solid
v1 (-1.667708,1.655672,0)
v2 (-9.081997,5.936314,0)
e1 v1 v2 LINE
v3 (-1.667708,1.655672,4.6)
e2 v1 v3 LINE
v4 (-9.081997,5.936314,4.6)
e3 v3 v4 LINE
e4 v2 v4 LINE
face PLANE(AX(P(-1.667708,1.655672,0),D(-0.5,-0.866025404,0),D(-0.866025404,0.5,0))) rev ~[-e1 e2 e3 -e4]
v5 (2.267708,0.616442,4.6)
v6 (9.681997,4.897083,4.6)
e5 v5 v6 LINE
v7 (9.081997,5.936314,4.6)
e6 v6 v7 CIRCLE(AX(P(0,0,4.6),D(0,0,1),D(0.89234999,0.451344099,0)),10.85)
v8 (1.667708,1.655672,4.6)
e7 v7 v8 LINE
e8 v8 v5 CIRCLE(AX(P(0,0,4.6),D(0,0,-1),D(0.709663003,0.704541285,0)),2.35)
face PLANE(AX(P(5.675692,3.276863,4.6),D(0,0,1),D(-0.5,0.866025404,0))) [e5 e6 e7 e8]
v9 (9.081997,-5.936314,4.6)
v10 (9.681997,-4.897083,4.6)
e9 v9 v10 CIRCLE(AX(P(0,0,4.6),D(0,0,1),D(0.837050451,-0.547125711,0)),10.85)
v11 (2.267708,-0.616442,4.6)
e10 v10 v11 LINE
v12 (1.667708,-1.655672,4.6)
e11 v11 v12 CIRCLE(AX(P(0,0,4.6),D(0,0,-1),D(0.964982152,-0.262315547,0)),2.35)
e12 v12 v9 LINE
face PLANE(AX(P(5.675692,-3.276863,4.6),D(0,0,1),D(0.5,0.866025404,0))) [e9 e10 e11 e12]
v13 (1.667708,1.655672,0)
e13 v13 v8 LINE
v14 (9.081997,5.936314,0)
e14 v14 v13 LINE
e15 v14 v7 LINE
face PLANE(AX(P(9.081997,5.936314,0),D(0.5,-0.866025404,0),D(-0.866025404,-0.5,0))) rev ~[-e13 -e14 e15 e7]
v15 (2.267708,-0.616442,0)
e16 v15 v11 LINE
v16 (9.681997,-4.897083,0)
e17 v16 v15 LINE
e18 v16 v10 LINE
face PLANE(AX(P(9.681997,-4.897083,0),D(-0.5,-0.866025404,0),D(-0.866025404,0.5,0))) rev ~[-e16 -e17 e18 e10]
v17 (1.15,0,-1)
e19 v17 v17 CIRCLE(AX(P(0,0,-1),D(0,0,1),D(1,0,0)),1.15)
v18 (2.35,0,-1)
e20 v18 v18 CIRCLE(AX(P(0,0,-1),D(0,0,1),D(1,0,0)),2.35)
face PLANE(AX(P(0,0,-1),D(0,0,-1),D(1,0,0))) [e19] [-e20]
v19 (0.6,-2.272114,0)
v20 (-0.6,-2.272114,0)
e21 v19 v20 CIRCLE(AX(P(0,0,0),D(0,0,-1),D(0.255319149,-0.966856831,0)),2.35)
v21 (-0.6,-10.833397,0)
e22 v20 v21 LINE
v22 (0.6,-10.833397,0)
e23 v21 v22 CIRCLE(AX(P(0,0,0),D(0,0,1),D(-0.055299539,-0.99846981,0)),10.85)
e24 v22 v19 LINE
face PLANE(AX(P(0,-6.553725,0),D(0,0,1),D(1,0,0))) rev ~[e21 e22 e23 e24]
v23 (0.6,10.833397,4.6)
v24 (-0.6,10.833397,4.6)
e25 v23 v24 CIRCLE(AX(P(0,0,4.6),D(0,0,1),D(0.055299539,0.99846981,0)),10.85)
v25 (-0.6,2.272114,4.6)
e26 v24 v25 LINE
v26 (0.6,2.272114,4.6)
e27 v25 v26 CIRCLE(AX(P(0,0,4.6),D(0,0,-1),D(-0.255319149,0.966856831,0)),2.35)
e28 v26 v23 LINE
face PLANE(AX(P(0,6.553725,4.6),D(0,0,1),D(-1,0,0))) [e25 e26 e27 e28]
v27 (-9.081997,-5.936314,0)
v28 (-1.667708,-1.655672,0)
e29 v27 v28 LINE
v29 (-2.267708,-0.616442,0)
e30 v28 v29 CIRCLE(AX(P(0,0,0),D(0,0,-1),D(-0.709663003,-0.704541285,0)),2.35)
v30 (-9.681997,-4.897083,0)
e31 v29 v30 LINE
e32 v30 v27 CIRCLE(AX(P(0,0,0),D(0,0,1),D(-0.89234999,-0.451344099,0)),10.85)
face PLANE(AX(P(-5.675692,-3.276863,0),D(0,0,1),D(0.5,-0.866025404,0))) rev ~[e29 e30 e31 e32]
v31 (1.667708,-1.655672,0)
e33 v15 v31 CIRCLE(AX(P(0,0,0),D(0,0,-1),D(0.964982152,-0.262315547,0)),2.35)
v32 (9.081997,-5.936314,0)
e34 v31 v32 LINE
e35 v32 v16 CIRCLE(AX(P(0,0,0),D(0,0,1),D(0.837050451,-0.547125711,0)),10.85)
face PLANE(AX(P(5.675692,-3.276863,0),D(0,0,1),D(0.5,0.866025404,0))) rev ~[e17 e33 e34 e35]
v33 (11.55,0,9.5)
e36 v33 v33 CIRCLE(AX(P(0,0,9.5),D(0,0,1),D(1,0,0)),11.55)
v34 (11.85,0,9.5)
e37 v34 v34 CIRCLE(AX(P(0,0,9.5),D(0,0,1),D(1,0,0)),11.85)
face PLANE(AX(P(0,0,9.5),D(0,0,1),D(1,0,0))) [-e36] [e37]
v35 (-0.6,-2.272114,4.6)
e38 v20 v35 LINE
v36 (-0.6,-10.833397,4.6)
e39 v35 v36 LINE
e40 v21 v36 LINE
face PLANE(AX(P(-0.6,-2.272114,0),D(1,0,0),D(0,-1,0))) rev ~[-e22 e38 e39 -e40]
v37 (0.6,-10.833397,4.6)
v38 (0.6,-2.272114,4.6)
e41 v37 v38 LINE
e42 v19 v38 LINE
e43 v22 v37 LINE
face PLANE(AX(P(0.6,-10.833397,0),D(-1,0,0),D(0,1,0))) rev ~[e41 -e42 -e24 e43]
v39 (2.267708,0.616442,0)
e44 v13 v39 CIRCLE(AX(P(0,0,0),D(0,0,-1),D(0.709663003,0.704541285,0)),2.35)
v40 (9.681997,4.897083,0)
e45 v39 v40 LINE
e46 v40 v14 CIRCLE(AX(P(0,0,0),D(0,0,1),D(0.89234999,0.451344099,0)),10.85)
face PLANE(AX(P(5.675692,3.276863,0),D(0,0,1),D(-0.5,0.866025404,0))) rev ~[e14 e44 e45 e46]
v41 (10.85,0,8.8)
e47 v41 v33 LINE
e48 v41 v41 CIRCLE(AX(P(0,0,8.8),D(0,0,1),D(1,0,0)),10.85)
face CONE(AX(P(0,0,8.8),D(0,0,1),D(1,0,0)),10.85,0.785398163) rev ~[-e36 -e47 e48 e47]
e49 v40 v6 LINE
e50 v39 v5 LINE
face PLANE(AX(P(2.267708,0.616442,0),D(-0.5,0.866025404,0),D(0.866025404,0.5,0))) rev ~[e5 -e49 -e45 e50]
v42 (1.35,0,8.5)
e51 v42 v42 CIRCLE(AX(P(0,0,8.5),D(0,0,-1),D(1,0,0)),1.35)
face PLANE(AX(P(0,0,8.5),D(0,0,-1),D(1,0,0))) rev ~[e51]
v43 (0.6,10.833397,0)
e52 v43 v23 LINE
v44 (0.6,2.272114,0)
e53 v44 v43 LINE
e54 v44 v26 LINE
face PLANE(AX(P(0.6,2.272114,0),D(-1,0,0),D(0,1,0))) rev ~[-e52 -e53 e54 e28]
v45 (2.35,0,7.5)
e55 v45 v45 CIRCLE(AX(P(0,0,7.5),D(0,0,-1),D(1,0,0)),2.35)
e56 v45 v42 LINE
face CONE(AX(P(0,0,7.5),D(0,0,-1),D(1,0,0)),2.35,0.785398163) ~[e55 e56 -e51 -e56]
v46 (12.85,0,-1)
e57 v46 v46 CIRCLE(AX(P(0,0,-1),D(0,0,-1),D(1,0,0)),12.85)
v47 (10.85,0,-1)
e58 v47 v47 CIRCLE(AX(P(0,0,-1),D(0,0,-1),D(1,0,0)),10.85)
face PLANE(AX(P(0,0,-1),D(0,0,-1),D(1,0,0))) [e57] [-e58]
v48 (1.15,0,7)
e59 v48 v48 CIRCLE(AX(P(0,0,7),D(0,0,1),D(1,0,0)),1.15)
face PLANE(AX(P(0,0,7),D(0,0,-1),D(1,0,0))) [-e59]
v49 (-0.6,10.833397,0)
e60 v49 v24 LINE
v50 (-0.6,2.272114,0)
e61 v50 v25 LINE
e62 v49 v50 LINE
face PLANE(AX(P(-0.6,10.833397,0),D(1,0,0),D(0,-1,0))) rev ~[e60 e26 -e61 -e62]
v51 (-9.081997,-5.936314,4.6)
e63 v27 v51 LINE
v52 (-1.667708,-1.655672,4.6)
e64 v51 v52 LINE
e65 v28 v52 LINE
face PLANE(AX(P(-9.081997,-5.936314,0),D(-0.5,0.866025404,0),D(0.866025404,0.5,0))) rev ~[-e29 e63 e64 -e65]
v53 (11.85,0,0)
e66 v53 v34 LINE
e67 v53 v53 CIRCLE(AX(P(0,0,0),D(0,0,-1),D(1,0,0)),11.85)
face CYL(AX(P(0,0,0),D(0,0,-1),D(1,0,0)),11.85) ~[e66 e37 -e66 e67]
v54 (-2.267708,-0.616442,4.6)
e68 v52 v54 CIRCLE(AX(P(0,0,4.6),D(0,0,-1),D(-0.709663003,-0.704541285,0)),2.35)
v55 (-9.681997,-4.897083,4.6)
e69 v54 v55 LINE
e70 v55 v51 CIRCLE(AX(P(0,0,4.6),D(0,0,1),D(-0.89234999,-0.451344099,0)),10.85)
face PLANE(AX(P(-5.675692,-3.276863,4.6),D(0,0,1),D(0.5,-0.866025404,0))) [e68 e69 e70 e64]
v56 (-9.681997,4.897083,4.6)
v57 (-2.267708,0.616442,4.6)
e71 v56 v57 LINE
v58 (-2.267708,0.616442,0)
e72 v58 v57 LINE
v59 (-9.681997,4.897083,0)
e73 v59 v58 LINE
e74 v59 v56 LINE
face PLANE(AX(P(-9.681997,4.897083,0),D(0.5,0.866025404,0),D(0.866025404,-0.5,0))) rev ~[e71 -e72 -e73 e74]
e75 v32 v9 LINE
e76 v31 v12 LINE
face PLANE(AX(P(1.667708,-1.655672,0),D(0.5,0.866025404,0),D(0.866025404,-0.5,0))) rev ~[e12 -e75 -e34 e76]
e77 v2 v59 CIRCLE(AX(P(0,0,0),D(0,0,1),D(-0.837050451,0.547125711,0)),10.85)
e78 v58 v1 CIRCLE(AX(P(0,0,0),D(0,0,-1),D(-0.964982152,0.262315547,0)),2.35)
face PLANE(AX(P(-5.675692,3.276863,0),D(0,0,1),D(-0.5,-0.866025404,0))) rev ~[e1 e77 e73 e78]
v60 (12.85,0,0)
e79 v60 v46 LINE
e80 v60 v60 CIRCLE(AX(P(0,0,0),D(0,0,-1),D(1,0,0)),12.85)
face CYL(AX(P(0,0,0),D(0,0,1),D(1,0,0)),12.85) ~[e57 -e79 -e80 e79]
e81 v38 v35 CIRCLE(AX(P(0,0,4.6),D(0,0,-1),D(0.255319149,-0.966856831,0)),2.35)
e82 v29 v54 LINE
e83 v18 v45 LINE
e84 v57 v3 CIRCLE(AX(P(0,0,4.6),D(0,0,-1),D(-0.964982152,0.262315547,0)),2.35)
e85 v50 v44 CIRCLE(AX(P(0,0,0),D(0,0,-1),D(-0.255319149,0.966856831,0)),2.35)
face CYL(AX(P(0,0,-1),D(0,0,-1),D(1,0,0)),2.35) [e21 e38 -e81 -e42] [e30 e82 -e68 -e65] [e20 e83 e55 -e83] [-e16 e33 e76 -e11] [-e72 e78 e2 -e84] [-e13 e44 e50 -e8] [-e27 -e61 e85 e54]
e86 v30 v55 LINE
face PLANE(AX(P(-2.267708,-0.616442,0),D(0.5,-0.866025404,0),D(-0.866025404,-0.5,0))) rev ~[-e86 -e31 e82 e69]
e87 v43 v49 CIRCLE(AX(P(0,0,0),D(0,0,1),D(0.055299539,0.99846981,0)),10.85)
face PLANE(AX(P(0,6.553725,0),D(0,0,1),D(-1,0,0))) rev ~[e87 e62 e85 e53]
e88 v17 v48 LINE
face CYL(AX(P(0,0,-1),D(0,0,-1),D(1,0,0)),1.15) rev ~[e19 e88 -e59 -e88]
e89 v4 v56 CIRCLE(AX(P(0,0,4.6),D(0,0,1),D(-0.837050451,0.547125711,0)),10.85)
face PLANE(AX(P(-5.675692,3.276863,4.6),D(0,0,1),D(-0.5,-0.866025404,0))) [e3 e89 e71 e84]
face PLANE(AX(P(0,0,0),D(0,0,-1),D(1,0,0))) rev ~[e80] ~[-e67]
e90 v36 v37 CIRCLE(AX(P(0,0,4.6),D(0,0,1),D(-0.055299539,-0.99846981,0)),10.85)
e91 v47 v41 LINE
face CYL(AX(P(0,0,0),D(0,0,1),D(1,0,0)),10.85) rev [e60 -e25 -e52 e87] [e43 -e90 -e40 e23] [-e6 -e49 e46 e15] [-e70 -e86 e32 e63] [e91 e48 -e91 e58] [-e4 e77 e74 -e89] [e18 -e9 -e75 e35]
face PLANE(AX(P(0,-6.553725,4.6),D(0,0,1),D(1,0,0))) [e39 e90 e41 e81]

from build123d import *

# Parameters (mm, degrees)
F0_R      = 11.85
F0_R_2    = 10.85
F1_DEPTH  = 9.5
F2_R      = 12.85
F2_R_2    = 10.85
F3_DEPTH  = 1
F4_R      = 2.35
F5_DEPTH  = 9.5
F6_R      = 1.15
F7_DEPTH  = 8
F8_SIZE   = 1
F10_SIZE  = 0.7
F12_DEPTH = 4.6
F13_COUNT = 6


with BuildPart() as f1:
    # F0 (on Top) → F1 (new body)
    with BuildSketch(Plane.XY):
        Circle(F0_R)
        Circle(F0_R_2, mode=Mode.SUBTRACT)
    extrude(amount=F1_DEPTH)

    # F2 (on face) → F3 (join)
    with BuildSketch(Plane(origin=(0, 0, 0), x_dir=(1, 0, 0), z_dir=(0, 0, -1))):
        Circle(F2_R)
        Circle(F2_R_2, mode=Mode.SUBTRACT)
    extrude(amount=F3_DEPTH)

    # F10
    f10_edges = [f1.edges().sort_by_distance(p)[0] for p in [
        (-10.85, 0, 9.5),
    ]]
    chamfer(f10_edges, length=F10_SIZE)



with BuildPart() as f5:
    # F4 (on face) → F5 (new body)
    with BuildSketch(Plane(origin=(0, 0, -1), x_dir=(1, 0, 0), z_dir=(0, 0, -1))):
        Circle(F4_R)
    extrude(amount=-F5_DEPTH)

    # F6 (on face) → F7 (cut)
    with BuildSketch(Plane(origin=(0, 0, -1), x_dir=(1, 0, 0), z_dir=(0, 0, -1))):
        Circle(F6_R)
    extrude(amount=-F7_DEPTH, mode=Mode.SUBTRACT)

    # F8
    f8_edges = [f5.edges().sort_by_distance(p)[0] for p in [
        (-2.35, 0, 8.5),
    ]]
    chamfer(f8_edges, length=F8_SIZE)


with BuildPart() as f1_1:
    add(f1.part)

    add(f5.part)  # F12 merges F5
    # F11 (on Top) → F12 (join)
    with BuildSketch(Plane.XY):
        with BuildLine():
            Line((-0.6, -2.2721135535), (-0.6, -10.8333974357))
            ThreePointArc((-0.6, -10.8333974357), (0, -10.85), (0.6, -10.8333974357))
            Line((0.6, -10.8333974357), (0.6, -2.2721135535))
            ThreePointArc((0.6, -2.2721135535), (0, -2.35), (-0.6, -2.2721135535))
        make_face()
    extrude(amount=F12_DEPTH)

    # F13: F1 ×6 about axis
    f13_axis = Axis((0, 0, 0), (0, 0, -1))


with BuildPart() as f1_2:
    add(f1_1.part)
    for i in range(1, F13_COUNT):
        add(f1_1.part.rotate(f13_axis, i * 360 / F13_COUNT))


solid = f1_2.part
